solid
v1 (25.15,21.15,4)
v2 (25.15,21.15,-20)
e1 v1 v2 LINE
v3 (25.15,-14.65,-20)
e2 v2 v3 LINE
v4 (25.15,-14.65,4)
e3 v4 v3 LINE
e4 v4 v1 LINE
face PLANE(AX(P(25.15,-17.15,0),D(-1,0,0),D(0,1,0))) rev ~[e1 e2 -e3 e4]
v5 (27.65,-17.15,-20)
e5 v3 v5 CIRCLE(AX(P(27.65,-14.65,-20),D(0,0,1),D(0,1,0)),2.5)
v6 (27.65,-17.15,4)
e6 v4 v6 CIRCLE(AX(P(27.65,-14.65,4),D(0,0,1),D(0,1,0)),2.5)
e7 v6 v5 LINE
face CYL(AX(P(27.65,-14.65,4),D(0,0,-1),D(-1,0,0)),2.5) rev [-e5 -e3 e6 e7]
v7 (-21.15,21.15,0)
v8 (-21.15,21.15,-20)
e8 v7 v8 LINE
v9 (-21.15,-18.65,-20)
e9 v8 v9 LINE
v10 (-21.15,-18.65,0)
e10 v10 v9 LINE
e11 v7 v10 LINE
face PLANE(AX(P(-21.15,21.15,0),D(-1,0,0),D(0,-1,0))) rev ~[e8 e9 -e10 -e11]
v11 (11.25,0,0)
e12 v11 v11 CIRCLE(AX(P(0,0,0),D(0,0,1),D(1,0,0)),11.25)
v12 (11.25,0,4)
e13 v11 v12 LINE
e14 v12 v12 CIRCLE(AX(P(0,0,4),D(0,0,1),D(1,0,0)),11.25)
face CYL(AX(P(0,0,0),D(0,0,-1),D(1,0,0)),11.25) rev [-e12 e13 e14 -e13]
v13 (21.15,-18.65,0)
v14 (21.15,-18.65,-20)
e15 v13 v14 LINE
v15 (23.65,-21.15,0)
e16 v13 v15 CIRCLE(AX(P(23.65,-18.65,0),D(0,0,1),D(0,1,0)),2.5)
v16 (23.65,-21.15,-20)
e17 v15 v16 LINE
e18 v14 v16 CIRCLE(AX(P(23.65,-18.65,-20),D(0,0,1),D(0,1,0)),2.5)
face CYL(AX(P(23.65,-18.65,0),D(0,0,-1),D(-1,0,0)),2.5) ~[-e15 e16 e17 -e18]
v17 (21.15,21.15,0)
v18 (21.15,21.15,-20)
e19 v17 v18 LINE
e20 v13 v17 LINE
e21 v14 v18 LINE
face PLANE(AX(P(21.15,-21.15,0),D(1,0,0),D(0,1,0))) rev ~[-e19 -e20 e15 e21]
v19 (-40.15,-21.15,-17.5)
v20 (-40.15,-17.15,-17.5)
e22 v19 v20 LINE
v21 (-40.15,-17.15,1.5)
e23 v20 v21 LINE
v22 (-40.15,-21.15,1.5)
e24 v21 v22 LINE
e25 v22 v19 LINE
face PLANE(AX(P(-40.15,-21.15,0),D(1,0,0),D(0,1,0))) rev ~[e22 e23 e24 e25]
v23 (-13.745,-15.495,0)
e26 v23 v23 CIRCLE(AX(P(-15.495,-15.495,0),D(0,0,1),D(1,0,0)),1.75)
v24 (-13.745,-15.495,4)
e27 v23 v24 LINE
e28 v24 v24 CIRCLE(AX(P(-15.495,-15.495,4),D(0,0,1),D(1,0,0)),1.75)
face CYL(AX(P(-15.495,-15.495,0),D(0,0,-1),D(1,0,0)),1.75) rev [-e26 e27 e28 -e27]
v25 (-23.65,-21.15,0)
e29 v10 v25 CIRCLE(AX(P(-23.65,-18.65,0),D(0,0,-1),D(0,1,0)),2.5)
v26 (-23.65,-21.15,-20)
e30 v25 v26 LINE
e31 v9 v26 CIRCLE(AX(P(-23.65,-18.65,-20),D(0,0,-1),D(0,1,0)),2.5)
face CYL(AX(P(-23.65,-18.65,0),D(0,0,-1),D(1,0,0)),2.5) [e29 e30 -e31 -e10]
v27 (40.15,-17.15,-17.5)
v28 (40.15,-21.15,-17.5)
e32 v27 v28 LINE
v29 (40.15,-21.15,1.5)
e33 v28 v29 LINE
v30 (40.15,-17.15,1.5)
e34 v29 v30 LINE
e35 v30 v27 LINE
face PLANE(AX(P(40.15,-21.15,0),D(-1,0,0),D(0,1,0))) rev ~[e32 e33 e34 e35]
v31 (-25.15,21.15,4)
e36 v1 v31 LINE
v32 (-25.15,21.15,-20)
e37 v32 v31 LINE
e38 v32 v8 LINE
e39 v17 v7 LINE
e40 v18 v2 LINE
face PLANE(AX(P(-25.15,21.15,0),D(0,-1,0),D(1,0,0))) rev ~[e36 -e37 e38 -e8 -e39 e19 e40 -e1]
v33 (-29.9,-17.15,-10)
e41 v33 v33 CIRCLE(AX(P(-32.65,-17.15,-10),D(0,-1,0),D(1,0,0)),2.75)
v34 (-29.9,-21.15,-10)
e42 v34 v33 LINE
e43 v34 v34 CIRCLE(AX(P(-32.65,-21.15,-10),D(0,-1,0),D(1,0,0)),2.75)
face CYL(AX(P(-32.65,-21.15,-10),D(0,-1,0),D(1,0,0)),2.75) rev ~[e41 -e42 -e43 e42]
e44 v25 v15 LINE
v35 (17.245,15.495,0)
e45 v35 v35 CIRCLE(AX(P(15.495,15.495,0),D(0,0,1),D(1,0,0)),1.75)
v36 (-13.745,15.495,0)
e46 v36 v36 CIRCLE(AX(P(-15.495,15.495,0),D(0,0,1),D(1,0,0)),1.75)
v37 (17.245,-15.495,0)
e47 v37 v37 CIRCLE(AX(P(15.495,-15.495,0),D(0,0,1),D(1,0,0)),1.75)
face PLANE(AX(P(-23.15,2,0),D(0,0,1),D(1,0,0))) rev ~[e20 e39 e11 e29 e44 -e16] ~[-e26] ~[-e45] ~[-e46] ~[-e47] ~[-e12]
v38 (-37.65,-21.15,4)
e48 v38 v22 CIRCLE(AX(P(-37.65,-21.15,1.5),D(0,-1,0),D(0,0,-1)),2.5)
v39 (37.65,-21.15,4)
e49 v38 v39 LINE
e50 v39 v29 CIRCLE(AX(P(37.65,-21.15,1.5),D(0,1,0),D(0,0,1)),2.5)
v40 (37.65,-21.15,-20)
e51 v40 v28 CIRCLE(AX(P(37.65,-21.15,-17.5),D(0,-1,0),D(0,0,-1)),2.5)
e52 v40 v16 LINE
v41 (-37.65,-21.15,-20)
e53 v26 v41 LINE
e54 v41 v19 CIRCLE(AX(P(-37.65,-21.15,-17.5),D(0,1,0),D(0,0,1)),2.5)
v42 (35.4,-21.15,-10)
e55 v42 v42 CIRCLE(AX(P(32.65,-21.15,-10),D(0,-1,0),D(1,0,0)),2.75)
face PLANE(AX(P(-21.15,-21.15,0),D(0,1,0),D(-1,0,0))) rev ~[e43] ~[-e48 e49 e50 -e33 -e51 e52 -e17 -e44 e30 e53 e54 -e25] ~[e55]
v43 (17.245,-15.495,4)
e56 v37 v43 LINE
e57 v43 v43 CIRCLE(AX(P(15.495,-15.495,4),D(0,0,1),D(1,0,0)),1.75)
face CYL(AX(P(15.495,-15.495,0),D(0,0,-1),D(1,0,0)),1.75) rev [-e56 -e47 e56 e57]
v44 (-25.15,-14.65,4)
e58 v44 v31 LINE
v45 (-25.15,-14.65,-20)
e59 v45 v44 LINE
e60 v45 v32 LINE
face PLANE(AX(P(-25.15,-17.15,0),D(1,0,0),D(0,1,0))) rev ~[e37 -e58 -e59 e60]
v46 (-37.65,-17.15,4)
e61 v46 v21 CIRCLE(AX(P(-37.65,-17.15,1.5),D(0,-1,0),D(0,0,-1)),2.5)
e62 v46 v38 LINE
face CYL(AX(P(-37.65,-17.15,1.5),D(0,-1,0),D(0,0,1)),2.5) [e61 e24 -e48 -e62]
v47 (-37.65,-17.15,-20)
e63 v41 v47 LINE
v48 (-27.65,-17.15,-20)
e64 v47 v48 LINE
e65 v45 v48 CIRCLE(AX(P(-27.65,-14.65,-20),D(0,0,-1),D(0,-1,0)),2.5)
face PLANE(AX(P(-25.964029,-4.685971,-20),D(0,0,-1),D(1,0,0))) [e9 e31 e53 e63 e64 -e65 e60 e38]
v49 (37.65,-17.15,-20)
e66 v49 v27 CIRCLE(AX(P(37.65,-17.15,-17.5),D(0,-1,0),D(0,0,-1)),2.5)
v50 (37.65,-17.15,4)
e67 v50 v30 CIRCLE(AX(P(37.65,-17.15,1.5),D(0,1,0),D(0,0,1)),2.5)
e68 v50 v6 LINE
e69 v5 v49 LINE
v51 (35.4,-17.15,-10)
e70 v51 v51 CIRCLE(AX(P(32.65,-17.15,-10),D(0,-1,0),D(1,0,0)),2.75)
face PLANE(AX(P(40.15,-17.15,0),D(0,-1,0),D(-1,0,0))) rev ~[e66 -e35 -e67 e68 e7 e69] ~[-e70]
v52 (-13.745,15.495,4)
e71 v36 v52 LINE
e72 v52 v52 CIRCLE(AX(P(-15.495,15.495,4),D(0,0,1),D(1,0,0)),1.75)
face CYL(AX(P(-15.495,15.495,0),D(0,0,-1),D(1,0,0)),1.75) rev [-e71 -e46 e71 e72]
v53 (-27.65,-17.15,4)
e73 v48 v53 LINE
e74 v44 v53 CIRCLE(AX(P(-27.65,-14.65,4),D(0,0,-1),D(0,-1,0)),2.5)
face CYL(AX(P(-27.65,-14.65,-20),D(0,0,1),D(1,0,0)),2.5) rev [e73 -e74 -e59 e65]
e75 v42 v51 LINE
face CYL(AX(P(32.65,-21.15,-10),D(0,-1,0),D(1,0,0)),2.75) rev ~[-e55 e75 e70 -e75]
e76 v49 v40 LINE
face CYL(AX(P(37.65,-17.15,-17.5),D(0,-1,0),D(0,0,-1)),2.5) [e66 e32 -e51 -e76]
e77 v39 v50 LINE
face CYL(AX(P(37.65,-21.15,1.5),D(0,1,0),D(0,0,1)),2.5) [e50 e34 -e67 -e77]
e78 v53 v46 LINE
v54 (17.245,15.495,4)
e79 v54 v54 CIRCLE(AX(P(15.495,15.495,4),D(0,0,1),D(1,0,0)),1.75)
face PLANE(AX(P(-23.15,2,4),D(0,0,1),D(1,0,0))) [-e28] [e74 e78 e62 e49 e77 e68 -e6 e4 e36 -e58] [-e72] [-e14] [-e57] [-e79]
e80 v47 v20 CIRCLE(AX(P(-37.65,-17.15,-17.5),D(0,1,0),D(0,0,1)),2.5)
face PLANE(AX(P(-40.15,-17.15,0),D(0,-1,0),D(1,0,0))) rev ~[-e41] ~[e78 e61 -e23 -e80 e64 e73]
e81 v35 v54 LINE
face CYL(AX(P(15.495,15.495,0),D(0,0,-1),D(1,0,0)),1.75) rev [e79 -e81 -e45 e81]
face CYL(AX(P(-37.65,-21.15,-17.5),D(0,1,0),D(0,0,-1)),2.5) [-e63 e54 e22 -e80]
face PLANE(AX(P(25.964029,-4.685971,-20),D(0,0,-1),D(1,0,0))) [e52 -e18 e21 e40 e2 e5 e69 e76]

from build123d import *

# Parameters (mm, degrees)
F0_W     = 4
F0_H     = 38.3
F0_R     = 1.75
F0_R_2   = 11.25
F1_DEPTH = 4
F3_DEPTH = 20
F4_R     = 2.75
F5_DEPTH = 4
F6_R     = 2.5


with BuildPart() as f1:
    # F0 (on Top) → F1 (new body)
    with BuildSketch(Plane.XY):
        with Locations((-23.15, 2)):
            Rectangle(F0_W, F0_H)
        Polygon((21.15, 21.15), (-21.15, 21.15), (-21.15, -17.15), (-21.15, -21.15), (21.15, -21.15), (21.15, -17.15), align=None)
        with Locations((-15.495, -15.495)):
            Circle(F0_R, mode=Mode.SUBTRACT)
        with Locations((15.495, -15.495)):
            Circle(F0_R, mode=Mode.SUBTRACT)
        with Locations((-15.495, 15.495)):
            Circle(F0_R, mode=Mode.SUBTRACT)
        Circle(F0_R_2, mode=Mode.SUBTRACT)
        with Locations((15.495, 15.495)):
            Circle(F0_R, mode=Mode.SUBTRACT)
        with Locations((23.15, 2)):
            Rectangle(F0_W, F0_H)
        Polygon((-21.15, -21.15), (-21.15, -17.15), (-25.15, -17.15), (-40.15, -17.15), (-40.15, -21.15), align=None)
        Polygon((25.15, -17.15), (21.15, -17.15), (21.15, -21.15), (40.15, -21.15), (40.15, -17.15), align=None)
    extrude(amount=F1_DEPTH)

    # F2 (on face) → F3 (join)
    with BuildSketch(Plane(origin=(0, 0, 0), x_dir=(1, 0, 0), z_dir=(0, 0, -1))):
        Polygon((-25.15, -21.15), (-21.15, -21.15), (-21.15, 17.15), (-21.15, 21.15), (-40.15, 21.15), (-40.15, 17.15), (-25.15, 17.15), align=None)
        Polygon((21.15, 17.15), (21.15, -21.15), (25.15, -21.15), (25.15, 17.15), (40.15, 17.15), (40.15, 21.15), (21.15, 21.15), align=None)
    extrude(amount=F3_DEPTH)

    # F4 (on face) → F5 (cut, through all)
    with BuildSketch(Plane.XZ.offset(21.15)):
        with Locations((-32.65, -10)):
            Circle(F4_R)
        with Locations((32.65, -10)):
            Circle(F4_R)
    extrude(amount=-F5_DEPTH, mode=Mode.SUBTRACT)

    # F6
    f6_edges = [f1.edges().sort_by_distance(p)[0] for p in [
        (-40.15, -19.15, 4),
        (-40.15, -19.15, -20),
        (40.15, -19.15, -20),
        (40.15, -19.15, 4),
        (25.15, -17.15, -8),
        (-25.15, -17.15, -8),
        (21.15, -21.15, -10),
        (-21.15, -21.15, -10),
    ]]
    fillet(f6_edges, radius=F6_R)


solid = f1.part
